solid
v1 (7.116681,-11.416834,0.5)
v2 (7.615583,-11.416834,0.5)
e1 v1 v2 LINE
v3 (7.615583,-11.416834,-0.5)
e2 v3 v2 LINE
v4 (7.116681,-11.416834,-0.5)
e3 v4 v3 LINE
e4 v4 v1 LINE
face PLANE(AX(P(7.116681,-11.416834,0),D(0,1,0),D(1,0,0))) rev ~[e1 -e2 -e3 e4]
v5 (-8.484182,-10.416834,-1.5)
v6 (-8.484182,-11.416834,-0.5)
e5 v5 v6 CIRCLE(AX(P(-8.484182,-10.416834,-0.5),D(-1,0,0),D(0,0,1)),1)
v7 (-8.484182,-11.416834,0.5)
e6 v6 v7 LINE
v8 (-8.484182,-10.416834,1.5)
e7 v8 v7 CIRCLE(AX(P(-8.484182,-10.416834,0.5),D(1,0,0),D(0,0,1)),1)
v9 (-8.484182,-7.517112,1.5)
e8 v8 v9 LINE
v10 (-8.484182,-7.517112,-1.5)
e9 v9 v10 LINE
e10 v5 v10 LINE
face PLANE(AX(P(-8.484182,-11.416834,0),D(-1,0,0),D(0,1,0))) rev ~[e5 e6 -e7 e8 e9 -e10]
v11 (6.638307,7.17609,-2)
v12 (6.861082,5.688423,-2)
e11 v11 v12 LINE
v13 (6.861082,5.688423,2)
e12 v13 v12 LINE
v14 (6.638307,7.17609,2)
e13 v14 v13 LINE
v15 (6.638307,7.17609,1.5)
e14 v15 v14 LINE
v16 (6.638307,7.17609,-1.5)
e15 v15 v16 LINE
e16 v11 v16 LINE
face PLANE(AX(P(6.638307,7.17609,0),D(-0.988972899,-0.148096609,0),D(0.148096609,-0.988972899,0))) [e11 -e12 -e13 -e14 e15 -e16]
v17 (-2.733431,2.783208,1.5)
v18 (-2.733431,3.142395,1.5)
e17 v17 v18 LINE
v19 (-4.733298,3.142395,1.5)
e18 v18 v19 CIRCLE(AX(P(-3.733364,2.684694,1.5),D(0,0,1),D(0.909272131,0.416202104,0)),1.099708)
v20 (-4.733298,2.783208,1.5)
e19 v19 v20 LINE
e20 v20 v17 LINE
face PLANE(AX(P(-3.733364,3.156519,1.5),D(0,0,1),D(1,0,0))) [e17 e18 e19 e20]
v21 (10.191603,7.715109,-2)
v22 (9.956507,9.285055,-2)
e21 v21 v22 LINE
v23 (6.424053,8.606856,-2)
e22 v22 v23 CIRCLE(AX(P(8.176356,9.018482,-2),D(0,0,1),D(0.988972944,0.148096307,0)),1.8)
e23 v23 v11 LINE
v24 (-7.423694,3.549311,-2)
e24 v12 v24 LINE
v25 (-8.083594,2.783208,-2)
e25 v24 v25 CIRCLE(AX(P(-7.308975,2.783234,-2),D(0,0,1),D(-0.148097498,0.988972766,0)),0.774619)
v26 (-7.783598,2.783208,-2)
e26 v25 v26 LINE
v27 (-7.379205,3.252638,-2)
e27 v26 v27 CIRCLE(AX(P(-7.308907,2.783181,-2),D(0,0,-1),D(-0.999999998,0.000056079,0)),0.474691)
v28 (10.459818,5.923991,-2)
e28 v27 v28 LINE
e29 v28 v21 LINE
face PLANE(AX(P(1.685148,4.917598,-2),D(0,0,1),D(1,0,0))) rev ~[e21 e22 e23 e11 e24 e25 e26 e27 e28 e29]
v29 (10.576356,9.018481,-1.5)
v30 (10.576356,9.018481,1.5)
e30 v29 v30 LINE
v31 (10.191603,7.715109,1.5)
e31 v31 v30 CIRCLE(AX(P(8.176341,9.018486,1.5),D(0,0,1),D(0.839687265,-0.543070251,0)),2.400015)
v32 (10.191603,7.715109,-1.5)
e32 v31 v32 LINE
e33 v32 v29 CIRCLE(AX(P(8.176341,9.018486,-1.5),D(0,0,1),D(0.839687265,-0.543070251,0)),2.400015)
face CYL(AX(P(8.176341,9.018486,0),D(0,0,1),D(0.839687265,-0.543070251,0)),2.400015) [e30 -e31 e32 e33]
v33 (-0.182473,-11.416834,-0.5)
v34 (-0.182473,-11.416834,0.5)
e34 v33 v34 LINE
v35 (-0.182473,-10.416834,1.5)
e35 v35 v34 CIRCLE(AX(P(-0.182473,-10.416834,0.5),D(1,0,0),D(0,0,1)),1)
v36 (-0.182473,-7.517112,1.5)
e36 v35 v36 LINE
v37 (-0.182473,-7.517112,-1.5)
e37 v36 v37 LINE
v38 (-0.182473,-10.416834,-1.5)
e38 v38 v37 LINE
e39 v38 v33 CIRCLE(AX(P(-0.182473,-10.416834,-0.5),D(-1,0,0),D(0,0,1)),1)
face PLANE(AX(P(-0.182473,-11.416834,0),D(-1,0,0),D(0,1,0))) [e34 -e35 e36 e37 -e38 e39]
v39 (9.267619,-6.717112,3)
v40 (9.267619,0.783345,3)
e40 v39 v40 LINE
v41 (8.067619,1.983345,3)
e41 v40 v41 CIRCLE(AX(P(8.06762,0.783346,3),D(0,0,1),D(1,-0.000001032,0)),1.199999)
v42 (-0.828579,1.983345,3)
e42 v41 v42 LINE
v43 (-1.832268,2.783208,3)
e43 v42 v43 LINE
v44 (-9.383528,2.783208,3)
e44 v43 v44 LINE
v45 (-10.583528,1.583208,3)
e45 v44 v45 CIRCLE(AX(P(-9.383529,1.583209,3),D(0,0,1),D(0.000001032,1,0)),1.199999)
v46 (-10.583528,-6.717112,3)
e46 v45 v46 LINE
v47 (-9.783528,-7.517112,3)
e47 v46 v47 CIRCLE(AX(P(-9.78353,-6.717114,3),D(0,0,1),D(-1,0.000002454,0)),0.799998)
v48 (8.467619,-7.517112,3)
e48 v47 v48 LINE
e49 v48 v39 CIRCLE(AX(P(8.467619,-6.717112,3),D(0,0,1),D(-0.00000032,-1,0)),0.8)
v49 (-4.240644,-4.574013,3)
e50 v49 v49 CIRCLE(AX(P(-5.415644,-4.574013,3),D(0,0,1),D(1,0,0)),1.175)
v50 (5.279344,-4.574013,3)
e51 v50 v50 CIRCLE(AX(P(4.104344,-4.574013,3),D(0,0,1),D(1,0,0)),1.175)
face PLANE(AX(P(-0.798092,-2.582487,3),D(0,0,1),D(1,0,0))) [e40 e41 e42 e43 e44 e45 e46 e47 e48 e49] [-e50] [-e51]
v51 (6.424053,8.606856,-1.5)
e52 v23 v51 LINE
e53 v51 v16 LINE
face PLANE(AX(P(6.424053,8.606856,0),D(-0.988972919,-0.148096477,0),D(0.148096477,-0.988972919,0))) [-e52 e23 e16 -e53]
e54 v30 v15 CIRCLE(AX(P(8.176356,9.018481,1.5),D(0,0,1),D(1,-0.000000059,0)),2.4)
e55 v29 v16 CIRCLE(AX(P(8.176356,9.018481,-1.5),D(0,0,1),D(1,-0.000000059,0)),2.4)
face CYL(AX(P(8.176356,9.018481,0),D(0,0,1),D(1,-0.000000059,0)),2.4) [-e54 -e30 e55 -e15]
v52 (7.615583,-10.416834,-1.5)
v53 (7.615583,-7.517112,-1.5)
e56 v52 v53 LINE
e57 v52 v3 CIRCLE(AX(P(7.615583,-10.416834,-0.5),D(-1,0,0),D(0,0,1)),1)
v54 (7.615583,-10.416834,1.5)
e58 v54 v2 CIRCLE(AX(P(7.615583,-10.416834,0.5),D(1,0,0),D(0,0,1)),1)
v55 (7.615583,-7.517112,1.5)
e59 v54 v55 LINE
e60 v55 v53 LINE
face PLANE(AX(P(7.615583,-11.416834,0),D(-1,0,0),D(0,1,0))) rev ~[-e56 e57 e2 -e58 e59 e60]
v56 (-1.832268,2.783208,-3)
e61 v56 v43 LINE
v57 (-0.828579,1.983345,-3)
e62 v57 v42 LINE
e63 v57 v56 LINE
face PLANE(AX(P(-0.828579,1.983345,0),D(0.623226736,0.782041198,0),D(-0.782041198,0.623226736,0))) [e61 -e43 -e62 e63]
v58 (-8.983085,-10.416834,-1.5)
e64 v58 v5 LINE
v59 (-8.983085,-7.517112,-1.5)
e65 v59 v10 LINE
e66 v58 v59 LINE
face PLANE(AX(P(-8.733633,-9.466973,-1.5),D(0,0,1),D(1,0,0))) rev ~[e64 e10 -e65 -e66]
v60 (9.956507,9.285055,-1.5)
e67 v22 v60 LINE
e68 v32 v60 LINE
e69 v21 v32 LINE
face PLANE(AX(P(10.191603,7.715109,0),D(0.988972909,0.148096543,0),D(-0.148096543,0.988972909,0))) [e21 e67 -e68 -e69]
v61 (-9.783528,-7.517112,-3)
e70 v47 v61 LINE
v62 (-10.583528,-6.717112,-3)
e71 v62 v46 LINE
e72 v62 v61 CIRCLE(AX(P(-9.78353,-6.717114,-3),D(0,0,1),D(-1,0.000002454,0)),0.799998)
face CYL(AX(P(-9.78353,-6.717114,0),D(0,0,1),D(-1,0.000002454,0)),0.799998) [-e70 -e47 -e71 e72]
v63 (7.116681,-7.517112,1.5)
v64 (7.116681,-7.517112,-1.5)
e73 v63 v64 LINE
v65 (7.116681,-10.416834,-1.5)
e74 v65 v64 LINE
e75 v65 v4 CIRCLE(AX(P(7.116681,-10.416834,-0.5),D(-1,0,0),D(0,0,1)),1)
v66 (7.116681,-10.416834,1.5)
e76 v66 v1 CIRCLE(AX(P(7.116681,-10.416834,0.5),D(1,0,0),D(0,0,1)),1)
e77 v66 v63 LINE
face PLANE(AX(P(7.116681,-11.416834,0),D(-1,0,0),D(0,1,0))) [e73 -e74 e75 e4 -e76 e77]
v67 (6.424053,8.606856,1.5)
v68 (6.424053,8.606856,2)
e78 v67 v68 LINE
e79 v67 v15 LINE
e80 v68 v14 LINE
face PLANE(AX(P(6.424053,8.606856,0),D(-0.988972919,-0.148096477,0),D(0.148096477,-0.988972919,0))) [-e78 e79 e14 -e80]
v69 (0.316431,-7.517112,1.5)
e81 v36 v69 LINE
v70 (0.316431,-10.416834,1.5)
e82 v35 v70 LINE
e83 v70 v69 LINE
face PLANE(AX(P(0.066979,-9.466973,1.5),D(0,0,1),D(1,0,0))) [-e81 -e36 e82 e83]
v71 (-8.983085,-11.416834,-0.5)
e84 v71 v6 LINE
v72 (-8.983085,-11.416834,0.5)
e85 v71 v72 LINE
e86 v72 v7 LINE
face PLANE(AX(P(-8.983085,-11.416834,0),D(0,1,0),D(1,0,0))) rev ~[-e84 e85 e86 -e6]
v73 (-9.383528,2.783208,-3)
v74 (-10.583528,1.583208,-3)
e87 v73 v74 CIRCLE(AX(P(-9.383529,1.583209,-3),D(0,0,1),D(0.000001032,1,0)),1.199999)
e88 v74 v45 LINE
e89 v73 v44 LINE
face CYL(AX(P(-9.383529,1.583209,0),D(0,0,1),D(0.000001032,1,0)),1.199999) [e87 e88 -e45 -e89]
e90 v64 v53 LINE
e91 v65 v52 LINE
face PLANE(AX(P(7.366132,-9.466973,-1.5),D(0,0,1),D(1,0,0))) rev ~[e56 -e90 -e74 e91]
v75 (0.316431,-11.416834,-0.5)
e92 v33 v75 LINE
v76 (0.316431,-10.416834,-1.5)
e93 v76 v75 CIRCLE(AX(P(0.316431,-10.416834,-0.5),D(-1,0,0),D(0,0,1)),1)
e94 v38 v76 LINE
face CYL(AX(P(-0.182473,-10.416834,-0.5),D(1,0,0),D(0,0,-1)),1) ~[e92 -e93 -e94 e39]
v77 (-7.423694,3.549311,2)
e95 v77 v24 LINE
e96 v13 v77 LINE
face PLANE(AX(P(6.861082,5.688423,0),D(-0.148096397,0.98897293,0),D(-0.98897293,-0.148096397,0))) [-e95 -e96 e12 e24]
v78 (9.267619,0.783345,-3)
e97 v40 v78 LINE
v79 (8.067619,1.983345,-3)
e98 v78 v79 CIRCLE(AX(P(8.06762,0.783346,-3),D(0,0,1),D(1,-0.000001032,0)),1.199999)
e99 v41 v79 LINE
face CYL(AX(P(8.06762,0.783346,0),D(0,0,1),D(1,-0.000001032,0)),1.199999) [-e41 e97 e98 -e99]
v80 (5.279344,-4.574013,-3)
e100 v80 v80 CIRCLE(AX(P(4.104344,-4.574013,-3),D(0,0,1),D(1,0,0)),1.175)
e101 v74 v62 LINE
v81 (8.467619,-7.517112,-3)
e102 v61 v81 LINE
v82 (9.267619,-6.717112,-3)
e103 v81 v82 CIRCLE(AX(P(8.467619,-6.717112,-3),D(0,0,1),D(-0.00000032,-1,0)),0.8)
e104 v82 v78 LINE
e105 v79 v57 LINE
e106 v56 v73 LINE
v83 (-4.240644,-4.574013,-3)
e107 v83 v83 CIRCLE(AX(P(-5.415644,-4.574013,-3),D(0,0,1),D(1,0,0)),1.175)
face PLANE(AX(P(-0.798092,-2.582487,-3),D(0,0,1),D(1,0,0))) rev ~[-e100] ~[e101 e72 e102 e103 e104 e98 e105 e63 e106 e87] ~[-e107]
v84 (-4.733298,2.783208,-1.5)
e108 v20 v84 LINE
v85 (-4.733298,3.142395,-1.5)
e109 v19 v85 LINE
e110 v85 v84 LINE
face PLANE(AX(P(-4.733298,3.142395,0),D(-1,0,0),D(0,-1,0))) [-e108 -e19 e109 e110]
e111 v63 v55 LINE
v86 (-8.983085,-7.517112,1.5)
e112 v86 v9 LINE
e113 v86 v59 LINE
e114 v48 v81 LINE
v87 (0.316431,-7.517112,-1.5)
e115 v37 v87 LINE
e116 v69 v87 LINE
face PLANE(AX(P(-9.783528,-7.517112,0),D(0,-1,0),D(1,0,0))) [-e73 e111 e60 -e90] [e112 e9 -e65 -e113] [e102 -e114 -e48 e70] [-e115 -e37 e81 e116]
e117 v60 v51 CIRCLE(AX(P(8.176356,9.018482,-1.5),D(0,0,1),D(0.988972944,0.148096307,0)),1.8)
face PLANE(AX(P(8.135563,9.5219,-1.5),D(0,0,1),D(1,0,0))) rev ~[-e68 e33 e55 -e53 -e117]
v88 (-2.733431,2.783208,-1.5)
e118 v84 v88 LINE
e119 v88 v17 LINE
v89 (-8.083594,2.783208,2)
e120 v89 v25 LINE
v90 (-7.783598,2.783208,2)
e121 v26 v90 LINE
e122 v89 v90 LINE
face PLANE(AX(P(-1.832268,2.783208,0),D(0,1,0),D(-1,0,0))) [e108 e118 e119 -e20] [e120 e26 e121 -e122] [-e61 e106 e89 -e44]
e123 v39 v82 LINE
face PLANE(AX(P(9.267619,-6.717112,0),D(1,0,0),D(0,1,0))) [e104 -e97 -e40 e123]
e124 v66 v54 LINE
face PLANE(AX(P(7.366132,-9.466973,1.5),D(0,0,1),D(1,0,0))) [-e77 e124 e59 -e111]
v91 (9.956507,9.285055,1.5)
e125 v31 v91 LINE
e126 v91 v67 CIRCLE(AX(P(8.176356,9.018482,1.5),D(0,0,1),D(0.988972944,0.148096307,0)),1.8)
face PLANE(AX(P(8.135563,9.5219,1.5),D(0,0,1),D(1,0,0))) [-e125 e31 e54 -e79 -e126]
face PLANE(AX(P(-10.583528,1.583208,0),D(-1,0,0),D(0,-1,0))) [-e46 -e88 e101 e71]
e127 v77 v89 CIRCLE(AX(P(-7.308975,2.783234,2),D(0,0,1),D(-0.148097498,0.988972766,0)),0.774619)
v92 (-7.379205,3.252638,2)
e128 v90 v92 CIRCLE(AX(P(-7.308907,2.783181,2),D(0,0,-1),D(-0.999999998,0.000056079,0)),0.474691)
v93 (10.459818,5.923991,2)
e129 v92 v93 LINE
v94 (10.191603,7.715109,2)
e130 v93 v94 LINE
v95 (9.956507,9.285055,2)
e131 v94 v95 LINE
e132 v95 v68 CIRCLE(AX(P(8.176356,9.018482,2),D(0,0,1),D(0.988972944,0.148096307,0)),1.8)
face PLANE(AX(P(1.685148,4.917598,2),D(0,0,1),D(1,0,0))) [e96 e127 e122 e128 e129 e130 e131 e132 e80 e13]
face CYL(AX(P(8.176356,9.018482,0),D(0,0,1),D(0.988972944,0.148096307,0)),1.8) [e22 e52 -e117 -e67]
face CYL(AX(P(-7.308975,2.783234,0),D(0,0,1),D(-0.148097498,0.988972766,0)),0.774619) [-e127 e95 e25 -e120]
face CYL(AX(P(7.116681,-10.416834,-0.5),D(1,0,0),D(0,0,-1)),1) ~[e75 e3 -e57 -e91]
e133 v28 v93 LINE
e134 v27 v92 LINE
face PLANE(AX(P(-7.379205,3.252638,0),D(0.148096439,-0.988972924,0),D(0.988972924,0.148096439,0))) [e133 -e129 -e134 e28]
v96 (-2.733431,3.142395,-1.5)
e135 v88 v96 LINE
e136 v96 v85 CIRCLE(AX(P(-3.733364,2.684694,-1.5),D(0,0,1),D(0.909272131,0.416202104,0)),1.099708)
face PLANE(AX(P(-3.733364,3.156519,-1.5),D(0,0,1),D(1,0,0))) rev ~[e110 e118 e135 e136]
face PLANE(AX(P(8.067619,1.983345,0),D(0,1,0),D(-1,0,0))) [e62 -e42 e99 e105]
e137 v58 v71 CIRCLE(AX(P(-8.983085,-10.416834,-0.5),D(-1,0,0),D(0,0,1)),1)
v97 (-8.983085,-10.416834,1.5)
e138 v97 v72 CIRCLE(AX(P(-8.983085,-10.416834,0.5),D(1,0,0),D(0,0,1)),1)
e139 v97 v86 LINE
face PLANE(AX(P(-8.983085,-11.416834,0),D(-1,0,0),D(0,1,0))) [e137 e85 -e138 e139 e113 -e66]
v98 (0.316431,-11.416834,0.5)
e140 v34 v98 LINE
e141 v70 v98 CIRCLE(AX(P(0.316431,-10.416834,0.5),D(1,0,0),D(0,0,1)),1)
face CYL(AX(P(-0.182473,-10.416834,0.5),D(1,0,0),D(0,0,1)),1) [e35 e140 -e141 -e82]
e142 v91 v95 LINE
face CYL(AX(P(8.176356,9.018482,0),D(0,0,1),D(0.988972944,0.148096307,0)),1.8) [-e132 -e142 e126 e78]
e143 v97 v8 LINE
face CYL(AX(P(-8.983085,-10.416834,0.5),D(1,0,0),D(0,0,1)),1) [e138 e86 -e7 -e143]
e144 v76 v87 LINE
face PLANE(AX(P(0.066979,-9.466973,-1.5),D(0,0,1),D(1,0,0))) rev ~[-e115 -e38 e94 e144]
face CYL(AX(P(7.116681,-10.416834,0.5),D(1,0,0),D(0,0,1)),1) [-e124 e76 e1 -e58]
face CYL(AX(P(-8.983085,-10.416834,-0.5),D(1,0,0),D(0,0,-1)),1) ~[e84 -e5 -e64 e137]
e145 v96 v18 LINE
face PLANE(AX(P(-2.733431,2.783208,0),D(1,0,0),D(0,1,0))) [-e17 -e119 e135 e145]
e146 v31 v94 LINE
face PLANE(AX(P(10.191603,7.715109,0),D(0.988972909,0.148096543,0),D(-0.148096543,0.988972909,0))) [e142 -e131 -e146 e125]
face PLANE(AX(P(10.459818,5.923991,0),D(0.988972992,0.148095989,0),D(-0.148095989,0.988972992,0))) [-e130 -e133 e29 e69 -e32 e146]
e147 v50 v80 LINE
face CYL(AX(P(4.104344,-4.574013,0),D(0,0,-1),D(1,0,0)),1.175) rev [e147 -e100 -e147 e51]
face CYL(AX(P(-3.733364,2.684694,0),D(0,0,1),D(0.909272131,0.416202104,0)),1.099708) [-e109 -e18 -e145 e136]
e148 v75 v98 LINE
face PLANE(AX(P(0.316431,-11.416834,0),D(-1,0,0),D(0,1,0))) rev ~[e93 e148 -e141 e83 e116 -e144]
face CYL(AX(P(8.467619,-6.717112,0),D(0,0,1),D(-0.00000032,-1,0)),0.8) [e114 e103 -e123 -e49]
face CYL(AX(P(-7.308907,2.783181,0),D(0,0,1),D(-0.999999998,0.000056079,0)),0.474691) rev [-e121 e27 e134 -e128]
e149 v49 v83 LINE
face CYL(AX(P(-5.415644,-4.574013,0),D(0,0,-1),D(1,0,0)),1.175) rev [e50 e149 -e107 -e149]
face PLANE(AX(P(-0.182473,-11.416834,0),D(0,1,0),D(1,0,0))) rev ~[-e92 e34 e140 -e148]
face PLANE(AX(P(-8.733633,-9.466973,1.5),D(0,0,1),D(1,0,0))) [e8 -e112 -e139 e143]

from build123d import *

# Parameters (mm, degrees)
F0_R     = 1.486134
F1_DEPTH = 1.5
F2_DEPTH = 2
F0_R_2   = 1.175
F3_DEPTH = 3
F0_W     = 0.498902
F0_H     = 3.899722
F0_W_2   = 0.498903
F4_DEPTH = 1.5
F5_R     = 1


with BuildPart() as f1:
    # F0 (on Top) → F1 (new body, symmetric)
    with BuildSketch(Plane.XY):
        with BuildLine():
            Line((9.956507, 9.285055), (10.191603, 7.715109))
            ThreePointArc((10.191603, 7.715109), (10.478158, 8.338993), (10.576356, 9.018481))
            ThreePointArc((10.576356, 9.018481), (7.15933, 11.192339), (6.638307, 7.17609))
            Line((6.638307, 7.17609), (6.424053, 8.606856))
            ThreePointArc((6.424053, 8.606856), (7.83697, 10.786197), (9.956507, 9.285055))
        make_face()
        with BuildLine():
            ThreePointArc((6.638307, 7.17609), (8.536307, 6.645627), (10.191603, 7.715109))
            Line((10.191603, 7.715109), (9.956507, 9.285055))
            ThreePointArc((9.956507, 9.285055), (7.83697, 10.786197), (6.424053, 8.606856))
            Line((6.424053, 8.606856), (6.638307, 7.17609))
        make_face()
        with Locations((8.176356, 9.018481)):
            Circle(F0_R, mode=Mode.SUBTRACT)
    extrude(amount=F1_DEPTH, both=True)

    # F0 (on Top) → F2 (join, symmetric)
    with BuildSketch(Plane.XY):
        with BuildLine():
            Line((-8.083594, 2.783208), (-7.783598, 2.783208))
            ThreePointArc((-7.783598, 2.783208), (-7.668552, 3.092999), (-7.379205, 3.252638))
            Line((-7.379205, 3.252638), (10.459818, 5.923991))
            Line((10.459818, 5.923991), (10.191603, 7.715109))
            ThreePointArc((10.191603, 7.715109), (8.536307, 6.645627), (6.638307, 7.17609))
            Line((6.638307, 7.17609), (6.861082, 5.688423))
            Line((6.861082, 5.688423), (-7.423694, 3.549311))
            ThreePointArc((-7.423694, 3.549311), (-7.895881, 3.288779), (-8.083594, 2.783208))
        make_face()
        with BuildLine():
            ThreePointArc((6.638307, 7.17609), (8.536307, 6.645627), (10.191603, 7.715109))
            Line((10.191603, 7.715109), (9.956507, 9.285055))
            ThreePointArc((9.956507, 9.285055), (7.83697, 10.786197), (6.424053, 8.606856))
            Line((6.424053, 8.606856), (6.638307, 7.17609))
        make_face()
        with Locations((8.176356, 9.018481)):
            Circle(F0_R, mode=Mode.SUBTRACT)
        with Locations((8.176356, 9.018481)):
            Circle(F0_R)
    extrude(amount=F2_DEPTH, both=True)

    # F0 (on Top) → F3 (join, symmetric)
    with BuildSketch(Plane.XY):
        with BuildLine():
            Line((8.067619, 1.983345), (-0.828579, 1.983345))
            Line((-0.828579, 1.983345), (-1.832268, 2.783208))
            Line((-1.832268, 2.783208), (-2.733431, 2.783208))
            Line((-2.733431, 2.783208), (-4.733298, 2.783208))
            Line((-4.733298, 2.783208), (-7.783598, 2.783208))
            Line((-7.783598, 2.783208), (-8.083594, 2.783208))
            Line((-8.083594, 2.783208), (-9.383528, 2.783208))
            ThreePointArc((-9.383528, 2.783208), (-10.232056, 2.431737), (-10.583528, 1.583208))
            Line((-10.583528, 1.583208), (-10.583528, -6.717112))
            ThreePointArc((-10.583528, -6.717112), (-10.349214, -7.282798), (-9.783528, -7.517112))
            Line((-9.783528, -7.517112), (-8.983085, -7.517112))
            Line((-8.983085, -7.517112), (-8.484182, -7.517112))
            Line((-8.484182, -7.517112), (-0.182472, -7.517112))
            Line((-0.182472, -7.517112), (0.316431, -7.517112))
            Line((0.316431, -7.517112), (7.116681, -7.517112))
            Line((7.116681, -7.517112), (7.615583, -7.517112))
            Line((7.615583, -7.517112), (8.467619, -7.517112))
            ThreePointArc((8.467619, -7.517112), (9.033304, -7.282798), (9.267619, -6.717112))
            Line((9.267619, -6.717112), (9.267619, 0.783345))
            ThreePointArc((9.267619, 0.783345), (8.916147, 1.631874), (8.067619, 1.983345))
        make_face()
        with Locations((-5.415644, -4.574013)):
            Circle(F0_R_2, mode=Mode.SUBTRACT)
        with Locations((4.104344, -4.574013)):
            Circle(F0_R_2, mode=Mode.SUBTRACT)
    extrude(amount=F3_DEPTH, both=True)

    # F0 (on Top) → F4 (join, symmetric)
    with BuildSketch(Plane.XY):
        with Locations((7.366132, -9.466973)):
            Rectangle(F0_W, F0_H)
        with Locations((0.066979, -9.466973)):
            Rectangle(F0_W_2, F0_H)
        with Locations((-8.733633, -9.466973)):
            Rectangle(F0_W_2, F0_H)
        with BuildLine():
            Line((-4.733298, 2.783208), (-2.733431, 2.783208))
            Line((-2.733431, 2.783208), (-2.733431, 3.142395))
            ThreePointArc((-2.733431, 3.142395), (-3.733365, 3.784402), (-4.733298, 3.142395))
            Line((-4.733298, 3.142395), (-4.733298, 2.783208))
        make_face()
    extrude(amount=F4_DEPTH, both=True)

    # F5
    f5_edges = [f1.edges().sort_by_distance(p)[0] for p in [
        (-8.733634, -11.416834, 1.5),
        (0.066979, -11.416834, 1.5),
        (7.366132, -11.416834, 1.5),
        (7.366132, -11.416834, -1.5),
        (0.066979, -11.416834, -1.5),
        (-8.733634, -11.416834, -1.5),
    ]]
    fillet(f5_edges, radius=F5_R)


solid = f1.part
